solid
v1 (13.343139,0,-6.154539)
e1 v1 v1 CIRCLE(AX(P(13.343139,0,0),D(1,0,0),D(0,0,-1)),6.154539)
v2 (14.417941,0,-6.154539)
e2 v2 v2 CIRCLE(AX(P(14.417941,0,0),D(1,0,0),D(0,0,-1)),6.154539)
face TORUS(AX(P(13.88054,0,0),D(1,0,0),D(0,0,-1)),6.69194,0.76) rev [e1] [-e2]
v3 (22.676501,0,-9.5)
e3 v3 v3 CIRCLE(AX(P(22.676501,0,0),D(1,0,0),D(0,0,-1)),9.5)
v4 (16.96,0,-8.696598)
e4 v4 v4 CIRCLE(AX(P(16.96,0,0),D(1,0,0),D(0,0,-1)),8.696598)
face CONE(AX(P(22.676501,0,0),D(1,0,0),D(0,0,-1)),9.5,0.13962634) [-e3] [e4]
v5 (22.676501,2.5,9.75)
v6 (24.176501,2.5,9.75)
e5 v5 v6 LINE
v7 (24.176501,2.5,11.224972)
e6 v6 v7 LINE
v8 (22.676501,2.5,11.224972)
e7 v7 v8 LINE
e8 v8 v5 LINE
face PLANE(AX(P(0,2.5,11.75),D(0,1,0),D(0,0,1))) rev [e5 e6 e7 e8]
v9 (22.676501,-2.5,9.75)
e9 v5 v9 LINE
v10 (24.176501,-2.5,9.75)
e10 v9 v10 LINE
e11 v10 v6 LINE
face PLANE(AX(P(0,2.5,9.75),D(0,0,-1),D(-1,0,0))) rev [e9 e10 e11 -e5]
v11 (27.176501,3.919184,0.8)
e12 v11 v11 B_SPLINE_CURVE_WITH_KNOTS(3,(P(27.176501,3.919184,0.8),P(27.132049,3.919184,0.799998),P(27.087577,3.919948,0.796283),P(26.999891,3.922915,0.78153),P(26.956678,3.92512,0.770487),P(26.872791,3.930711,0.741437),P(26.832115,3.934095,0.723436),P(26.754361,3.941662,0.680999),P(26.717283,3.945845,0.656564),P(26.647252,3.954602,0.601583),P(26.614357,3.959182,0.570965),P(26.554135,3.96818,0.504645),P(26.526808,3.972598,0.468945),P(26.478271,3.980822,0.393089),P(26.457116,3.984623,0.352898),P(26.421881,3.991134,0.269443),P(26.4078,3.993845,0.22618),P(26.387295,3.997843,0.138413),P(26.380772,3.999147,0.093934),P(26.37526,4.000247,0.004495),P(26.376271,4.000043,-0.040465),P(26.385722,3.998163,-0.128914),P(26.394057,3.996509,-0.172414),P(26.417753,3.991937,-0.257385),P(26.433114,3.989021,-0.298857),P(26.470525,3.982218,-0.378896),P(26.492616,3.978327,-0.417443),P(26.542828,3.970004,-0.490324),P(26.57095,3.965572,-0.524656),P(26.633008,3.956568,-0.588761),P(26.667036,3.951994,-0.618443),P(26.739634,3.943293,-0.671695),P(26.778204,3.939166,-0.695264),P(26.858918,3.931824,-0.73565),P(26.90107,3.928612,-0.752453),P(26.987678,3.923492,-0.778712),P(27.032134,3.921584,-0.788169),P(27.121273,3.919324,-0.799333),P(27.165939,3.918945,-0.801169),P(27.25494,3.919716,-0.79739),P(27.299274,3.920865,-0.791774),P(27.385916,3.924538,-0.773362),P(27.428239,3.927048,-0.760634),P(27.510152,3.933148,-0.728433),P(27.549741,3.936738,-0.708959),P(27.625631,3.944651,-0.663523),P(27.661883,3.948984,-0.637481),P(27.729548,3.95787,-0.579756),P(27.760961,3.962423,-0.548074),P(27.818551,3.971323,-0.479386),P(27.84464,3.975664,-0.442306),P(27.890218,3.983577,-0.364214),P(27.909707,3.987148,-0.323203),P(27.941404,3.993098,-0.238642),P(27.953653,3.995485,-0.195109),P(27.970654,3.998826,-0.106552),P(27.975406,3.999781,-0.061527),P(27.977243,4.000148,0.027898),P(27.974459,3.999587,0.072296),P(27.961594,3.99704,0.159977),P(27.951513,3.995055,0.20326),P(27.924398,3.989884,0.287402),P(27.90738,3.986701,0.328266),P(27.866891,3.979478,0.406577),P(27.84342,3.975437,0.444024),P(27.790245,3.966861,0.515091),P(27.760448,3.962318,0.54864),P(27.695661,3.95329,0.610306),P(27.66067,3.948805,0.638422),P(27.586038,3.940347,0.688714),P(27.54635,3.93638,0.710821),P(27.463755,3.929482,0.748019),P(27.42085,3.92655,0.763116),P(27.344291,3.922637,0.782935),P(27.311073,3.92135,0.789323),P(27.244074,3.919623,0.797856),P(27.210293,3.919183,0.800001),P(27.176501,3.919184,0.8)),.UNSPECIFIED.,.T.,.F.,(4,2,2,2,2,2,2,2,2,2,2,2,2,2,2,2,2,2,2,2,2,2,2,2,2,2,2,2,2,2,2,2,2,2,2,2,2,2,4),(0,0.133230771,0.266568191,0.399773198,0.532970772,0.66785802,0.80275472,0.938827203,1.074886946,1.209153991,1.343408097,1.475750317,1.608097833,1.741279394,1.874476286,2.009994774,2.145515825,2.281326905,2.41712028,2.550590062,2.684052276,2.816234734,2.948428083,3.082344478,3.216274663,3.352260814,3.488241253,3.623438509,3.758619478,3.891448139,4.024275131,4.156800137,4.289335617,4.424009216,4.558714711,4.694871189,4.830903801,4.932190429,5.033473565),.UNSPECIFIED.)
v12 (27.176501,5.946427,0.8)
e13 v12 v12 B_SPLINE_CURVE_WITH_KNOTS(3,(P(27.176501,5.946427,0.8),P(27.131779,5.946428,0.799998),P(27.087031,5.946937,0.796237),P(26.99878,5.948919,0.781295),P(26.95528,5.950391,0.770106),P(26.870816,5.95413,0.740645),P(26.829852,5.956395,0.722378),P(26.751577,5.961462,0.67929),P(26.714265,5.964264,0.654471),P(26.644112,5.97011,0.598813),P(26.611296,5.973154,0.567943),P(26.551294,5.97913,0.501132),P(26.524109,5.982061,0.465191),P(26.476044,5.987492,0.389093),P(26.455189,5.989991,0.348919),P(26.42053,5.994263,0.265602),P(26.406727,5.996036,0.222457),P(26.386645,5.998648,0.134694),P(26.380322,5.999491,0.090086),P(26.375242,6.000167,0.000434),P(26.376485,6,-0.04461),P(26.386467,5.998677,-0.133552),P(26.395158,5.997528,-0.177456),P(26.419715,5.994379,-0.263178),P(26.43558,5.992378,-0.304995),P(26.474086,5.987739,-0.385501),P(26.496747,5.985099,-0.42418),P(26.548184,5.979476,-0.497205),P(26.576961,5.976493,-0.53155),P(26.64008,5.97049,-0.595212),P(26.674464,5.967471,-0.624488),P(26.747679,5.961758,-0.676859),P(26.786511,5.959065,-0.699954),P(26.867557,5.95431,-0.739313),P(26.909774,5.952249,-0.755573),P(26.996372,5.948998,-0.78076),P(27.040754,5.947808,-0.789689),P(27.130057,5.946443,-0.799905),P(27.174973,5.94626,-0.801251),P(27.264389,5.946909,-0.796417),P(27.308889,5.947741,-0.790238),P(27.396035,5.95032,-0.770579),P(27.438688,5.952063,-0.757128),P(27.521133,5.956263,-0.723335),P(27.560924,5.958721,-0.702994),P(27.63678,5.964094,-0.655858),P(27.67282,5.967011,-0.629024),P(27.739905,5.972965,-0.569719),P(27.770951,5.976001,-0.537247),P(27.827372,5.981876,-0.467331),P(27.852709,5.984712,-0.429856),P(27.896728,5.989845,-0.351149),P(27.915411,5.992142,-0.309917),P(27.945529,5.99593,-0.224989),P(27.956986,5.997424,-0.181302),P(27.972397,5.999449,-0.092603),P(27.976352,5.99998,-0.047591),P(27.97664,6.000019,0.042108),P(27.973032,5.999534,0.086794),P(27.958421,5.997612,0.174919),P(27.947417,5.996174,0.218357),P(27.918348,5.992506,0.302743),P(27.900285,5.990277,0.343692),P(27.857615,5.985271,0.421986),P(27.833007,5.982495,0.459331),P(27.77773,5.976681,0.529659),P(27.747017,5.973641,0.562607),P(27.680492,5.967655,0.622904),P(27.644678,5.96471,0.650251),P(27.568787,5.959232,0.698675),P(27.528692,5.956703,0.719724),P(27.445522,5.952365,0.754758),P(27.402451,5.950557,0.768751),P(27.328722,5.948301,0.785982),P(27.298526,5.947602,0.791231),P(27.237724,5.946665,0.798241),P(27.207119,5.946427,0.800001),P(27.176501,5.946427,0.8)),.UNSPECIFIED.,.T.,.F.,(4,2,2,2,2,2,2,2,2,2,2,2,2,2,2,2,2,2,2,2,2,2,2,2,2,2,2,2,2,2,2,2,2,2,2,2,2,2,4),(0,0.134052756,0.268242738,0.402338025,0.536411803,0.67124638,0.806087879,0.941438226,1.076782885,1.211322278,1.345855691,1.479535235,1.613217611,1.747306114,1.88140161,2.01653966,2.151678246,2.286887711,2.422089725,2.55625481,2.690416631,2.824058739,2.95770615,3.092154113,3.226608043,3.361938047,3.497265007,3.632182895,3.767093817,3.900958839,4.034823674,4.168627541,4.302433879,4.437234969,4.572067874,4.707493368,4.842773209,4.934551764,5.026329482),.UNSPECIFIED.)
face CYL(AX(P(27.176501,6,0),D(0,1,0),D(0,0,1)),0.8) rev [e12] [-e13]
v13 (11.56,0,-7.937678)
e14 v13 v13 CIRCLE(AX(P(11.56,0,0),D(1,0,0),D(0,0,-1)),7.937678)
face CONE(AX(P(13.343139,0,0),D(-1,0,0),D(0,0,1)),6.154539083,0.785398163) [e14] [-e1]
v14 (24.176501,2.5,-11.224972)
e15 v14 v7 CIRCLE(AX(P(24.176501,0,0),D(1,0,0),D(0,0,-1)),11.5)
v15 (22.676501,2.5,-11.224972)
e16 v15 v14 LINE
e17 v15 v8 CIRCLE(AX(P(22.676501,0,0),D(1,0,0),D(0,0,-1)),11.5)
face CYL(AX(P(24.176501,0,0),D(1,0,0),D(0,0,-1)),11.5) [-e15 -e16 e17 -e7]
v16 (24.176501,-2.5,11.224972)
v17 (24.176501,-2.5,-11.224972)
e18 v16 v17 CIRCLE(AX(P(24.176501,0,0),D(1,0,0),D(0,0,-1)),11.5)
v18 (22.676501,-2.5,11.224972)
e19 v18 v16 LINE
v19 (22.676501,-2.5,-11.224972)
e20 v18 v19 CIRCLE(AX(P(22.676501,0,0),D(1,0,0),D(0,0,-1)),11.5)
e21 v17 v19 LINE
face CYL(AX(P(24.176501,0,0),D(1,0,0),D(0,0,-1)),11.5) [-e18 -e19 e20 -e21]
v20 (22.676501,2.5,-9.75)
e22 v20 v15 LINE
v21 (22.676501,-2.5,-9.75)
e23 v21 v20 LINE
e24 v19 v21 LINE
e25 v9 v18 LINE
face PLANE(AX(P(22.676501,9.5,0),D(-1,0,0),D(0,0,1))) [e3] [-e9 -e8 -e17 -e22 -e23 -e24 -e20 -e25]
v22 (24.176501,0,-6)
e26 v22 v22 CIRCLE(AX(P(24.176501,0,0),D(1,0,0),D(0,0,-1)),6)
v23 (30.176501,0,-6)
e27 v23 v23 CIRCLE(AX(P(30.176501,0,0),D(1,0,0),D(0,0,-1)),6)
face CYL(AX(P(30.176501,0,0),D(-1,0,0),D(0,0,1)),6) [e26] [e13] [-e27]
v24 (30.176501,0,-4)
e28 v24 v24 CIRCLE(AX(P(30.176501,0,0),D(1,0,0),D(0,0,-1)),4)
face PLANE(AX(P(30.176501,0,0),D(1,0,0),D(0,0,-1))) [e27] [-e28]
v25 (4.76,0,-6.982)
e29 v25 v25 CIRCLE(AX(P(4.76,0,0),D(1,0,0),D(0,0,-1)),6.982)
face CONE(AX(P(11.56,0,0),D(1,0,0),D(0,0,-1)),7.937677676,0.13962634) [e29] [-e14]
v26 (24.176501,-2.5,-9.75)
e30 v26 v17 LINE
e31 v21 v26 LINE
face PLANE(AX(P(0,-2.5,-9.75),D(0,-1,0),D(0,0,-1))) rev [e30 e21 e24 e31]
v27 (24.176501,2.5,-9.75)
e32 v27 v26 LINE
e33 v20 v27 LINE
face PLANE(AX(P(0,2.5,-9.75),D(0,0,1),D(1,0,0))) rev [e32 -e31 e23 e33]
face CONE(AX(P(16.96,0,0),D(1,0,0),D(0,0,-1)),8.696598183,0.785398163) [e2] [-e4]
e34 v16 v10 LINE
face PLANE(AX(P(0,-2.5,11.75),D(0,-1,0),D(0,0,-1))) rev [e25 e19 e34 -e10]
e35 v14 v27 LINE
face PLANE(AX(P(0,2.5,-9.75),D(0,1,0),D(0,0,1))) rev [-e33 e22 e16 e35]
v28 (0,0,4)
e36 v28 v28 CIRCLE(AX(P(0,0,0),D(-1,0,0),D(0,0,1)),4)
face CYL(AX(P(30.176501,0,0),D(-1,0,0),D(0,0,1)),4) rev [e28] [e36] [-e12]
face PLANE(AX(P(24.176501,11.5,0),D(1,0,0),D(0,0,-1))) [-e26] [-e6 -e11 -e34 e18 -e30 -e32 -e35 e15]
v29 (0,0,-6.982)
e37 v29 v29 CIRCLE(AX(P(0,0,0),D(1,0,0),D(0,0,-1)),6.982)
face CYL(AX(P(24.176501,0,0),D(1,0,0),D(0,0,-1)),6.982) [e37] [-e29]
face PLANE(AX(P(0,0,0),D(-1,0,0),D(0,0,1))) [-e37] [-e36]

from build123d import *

# Parameters (mm, degrees)
SKETCH3_W                  = 2
SKETCH3_H                  = 5
CUT_EXTRUDE6_DEPTH         = 30.137659458
SKETCH2_R                  = 2.5
CUT_EXTRUDE7_DEPTH         = 30.030211827
SKETCH4_R                  = 6
SKETCH4_R_2                = 4
BOSS_EXTRUDE1_DEPTH        = 6
SKETCH5_R                  = 4
CUT_EXTRUDE8_DEPTH         = 25
M2X0_4_TAPPED_HOLE1_REACH  = 38.645
M2X0_4_TAPPED_HOLE1_BORE_R = 0.8


with BuildPart() as part:
    # Sketch1 → Revolve3 (revolve)
    with BuildSketch(Plane.XY, mode=Mode.PRIVATE) as revolve3_sk:
        with BuildLine():
            Line((0, 0), (0, 6.982))
            Line((0, 6.982), (4.76, 6.982))
            Line((4.76, 6.982), (11.56, 7.937677676))
            Line((11.56, 7.937677676), (13.343138593, 6.154539083))
            ThreePointArc((13.343138593, 6.154539083), (13.880539746, 5.931940237), (14.4179409, 6.154539083))
            Line((14.4179409, 6.154539083), (16.96, 8.696598183))
            Line((16.96, 8.696598183), (22.676500961, 9.5))
            Line((22.676500961, 9.5), (22.676500961, 11.5))
            Line((22.676500961, 11.5), (24.176500961, 11.5))
            Line((24.176500961, 11.5), (24.176500961, 0))
            Line((24.176500961, 0), (0, 0))
        make_face()
    revolve(revolve3_sk.sketch.rotate(Axis((24.176500961, 0, 0), (-1, 0, 0)), 90), axis=Axis((24.176500961, 0, 0), (-1, 0, 0)))

    # Sketch3 → Cut-Extrude6 (cut, through all)
    with BuildSketch(Plane(origin=(24.176500961, 0, 0), x_dir=(0, 0, -1), z_dir=(1, 0, 0))):
        with Locations((-10.75, 0)):
            Rectangle(SKETCH3_W, SKETCH3_H)
        with Locations((10.75, 0)):
            Rectangle(SKETCH3_W, SKETCH3_H)
    extrude(amount=-CUT_EXTRUDE6_DEPTH, mode=Mode.SUBTRACT)

    # Sketch2 → Cut-Extrude7 (cut, through all)
    with BuildSketch(Plane(origin=(0, 0, 0), x_dir=(0, 0, -1), z_dir=(1, 0, 0))):
        Circle(SKETCH2_R)
    extrude(amount=CUT_EXTRUDE7_DEPTH, mode=Mode.SUBTRACT)

    # Sketch4 → Boss-Extrude1 (add)
    with BuildSketch(Plane(origin=(24.176500961, 0, 0), x_dir=(0, 0, -1), z_dir=(1, 0, 0))):
        Circle(SKETCH4_R)
        Circle(SKETCH4_R_2, mode=Mode.SUBTRACT)
    extrude(amount=BOSS_EXTRUDE1_DEPTH)

    # Sketch5 → Cut-Extrude8 (cut)
    with BuildSketch(Plane(origin=(24.176500961, 0, 0), x_dir=(0, 0, -1), z_dir=(1, 0, 0))):
        with Locations(Location((0, 0, 0), (0, 0, 180))):
            Circle(SKETCH5_R)
    extrude(amount=-CUT_EXTRUDE8_DEPTH, mode=Mode.SUBTRACT)

    # M2x0.4 Tapped Hole1 bore → M2x0.4 Tapped Hole1 (cut, up to next)
    with BuildSketch(Plane(origin=(0, 6, 0), x_dir=(1, 0, 0), z_dir=(0, 1, 0)), mode=Mode.PRIVATE) as m2x0_4_tapped_hole1_sk1:
        with Locations((27.176500961, 0)):
            Circle(M2X0_4_TAPPED_HOLE1_BORE_R)
    m2x0_4_tapped_hole1_tool1 = extrude(m2x0_4_tapped_hole1_sk1.sketch, amount=-M2X0_4_TAPPED_HOLE1_REACH, mode=Mode.PRIVATE) & part.part
    add(m2x0_4_tapped_hole1_tool1.solids().sort_by_distance((27.176501, 6, 0))[0], mode=Mode.SUBTRACT)


solid = part.part
